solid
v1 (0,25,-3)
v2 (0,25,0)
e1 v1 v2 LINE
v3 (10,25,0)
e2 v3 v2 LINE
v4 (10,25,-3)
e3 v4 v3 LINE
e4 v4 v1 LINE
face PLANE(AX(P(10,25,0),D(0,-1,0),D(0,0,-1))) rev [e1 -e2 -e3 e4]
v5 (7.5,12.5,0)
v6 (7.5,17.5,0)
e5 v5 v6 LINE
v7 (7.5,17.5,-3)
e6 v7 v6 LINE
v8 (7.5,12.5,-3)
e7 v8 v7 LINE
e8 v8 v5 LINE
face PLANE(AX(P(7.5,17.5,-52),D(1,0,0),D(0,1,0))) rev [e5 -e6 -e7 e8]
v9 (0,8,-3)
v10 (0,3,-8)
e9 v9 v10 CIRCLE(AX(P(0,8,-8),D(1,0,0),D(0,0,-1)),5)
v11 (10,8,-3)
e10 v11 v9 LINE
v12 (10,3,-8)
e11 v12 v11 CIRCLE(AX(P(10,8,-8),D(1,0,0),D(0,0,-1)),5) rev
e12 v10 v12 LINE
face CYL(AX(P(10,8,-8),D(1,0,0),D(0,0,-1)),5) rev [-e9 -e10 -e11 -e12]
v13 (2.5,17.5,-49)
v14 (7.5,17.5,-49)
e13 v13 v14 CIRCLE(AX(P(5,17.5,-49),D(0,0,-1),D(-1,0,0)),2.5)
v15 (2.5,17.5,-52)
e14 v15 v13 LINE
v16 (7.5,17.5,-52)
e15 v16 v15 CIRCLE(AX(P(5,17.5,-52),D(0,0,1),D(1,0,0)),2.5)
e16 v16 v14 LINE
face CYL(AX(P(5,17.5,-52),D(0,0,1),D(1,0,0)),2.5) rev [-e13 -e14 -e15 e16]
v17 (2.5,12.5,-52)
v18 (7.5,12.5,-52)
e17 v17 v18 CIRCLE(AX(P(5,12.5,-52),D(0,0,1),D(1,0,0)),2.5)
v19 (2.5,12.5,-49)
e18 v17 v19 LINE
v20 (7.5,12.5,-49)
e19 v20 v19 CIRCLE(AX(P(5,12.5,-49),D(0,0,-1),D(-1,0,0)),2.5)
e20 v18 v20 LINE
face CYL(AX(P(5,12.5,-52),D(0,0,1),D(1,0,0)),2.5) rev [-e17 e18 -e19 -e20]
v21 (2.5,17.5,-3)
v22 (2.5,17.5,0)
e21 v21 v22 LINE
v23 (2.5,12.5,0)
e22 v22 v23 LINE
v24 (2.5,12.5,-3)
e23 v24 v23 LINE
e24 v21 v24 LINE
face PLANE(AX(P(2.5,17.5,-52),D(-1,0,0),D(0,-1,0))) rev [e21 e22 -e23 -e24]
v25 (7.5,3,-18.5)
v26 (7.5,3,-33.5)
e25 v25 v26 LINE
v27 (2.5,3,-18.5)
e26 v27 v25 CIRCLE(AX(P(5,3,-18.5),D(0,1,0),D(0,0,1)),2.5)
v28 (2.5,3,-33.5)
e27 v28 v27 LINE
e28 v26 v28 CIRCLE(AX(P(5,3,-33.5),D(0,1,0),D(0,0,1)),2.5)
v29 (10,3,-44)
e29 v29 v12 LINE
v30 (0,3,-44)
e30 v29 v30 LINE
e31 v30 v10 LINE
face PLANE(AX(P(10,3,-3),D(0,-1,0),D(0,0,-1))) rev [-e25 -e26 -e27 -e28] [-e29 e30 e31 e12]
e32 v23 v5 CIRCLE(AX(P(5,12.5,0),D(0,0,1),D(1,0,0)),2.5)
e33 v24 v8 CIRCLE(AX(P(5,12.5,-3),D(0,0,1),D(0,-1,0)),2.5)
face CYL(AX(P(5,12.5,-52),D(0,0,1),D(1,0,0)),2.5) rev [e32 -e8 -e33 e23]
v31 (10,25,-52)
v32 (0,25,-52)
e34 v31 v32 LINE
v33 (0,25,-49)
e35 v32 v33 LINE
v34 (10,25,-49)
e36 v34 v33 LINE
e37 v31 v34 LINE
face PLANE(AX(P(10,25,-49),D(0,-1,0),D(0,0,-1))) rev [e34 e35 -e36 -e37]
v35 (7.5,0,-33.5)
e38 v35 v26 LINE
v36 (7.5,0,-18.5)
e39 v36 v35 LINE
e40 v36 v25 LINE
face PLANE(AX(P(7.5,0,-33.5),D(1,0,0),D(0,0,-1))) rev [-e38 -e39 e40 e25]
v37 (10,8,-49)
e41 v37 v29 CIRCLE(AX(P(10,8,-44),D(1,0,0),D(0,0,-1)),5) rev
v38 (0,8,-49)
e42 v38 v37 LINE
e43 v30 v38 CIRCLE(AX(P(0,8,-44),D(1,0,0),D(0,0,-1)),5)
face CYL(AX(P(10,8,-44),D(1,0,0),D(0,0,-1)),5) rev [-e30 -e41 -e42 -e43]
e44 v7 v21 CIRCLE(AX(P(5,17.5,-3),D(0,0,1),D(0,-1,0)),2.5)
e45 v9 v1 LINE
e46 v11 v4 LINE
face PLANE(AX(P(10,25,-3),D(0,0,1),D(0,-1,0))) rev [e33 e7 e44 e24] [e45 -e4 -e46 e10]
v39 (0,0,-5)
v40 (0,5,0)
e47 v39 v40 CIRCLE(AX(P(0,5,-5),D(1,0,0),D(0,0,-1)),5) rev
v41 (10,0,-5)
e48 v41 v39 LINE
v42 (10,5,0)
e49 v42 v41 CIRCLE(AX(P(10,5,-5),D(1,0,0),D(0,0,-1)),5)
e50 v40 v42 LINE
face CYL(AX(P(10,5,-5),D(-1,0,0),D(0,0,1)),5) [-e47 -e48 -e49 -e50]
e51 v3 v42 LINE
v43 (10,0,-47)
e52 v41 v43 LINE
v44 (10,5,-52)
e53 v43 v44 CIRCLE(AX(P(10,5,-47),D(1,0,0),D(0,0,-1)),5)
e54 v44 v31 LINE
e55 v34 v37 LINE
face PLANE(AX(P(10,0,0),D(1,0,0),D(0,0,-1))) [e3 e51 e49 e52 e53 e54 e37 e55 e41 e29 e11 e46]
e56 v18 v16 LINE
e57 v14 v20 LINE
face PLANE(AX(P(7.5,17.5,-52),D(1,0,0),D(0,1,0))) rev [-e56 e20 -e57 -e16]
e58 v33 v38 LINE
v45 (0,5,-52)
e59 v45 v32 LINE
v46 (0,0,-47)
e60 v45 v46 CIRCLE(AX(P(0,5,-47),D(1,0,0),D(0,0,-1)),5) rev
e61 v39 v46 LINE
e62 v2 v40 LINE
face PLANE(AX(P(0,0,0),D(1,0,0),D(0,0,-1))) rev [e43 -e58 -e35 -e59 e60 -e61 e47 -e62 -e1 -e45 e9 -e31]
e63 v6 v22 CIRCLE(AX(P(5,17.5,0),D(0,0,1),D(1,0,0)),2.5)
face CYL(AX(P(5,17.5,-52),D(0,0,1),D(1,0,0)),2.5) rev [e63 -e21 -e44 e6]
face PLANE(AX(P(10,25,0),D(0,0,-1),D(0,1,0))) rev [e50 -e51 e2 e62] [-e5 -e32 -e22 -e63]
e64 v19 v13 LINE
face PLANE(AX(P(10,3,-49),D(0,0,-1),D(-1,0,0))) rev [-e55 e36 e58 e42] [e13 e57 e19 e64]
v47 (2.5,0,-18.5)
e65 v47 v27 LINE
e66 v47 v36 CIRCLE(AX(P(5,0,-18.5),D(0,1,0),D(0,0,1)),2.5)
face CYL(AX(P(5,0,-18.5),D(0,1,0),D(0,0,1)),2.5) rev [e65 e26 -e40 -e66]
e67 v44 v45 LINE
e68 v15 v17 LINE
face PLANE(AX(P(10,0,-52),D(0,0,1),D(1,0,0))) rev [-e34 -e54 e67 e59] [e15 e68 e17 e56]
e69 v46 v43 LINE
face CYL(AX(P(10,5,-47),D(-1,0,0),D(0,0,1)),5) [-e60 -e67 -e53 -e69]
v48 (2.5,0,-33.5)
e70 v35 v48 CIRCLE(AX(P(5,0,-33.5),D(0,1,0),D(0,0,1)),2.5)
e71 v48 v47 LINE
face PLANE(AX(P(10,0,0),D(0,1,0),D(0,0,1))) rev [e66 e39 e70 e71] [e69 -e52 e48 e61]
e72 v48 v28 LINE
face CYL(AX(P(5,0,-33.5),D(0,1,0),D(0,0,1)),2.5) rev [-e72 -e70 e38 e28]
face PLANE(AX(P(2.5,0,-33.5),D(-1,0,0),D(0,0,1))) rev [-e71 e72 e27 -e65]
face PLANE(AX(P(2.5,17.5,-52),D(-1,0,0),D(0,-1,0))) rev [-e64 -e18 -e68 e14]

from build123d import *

# Parameters (mm, degrees)
EXTRUDE_1_DEPTH     = 10
FILLET_1_R          = 5
CUT_EXTRUDE_1_DEPTH = 58.341084747
CUT_EXTRUDE_2_DEPTH = 59.557663888


with BuildPart() as part:
    # 草图1 → 凸台-拉伸1 (new body)
    with BuildSketch(Plane(origin=(0, 0, 0), x_dir=(0, 0, -1), z_dir=(1, 0, 0))):
        Polygon((0, 0), (52, 0), (52, 25), (49, 25), (49, 3), (3, 3), (3, 25), (0, 25), align=None)
    extrude(amount=EXTRUDE_1_DEPTH)

    # 圆角1
    fillet_1_edges = [part.edges().sort_by_distance(p)[0] for p in [
        (5, 3, -3),
        (5, 3, -49),
        (5, 0, -52),
        (5, 0, 0),
    ]]
    fillet(fillet_1_edges, radius=FILLET_1_R)

    # 草图2 → 切除-拉伸1 (cut, through all)
    with BuildSketch(Plane(origin=(0, 3, 0), x_dir=(1, 0, 0), z_dir=(0, 1, 0))):
        with BuildLine():
            Line((7.5, 33.5), (7.5, 18.5))
            ThreePointArc((7.5, 18.5), (5, 16), (2.5, 18.5))
            Line((2.5, 18.5), (2.5, 33.5))
            ThreePointArc((2.5, 33.5), (5, 36), (7.5, 33.5))
        make_face()
    extrude(amount=-CUT_EXTRUDE_1_DEPTH, mode=Mode.SUBTRACT)

    # 草图3 → 切除-拉伸2 (cut, through all)
    with BuildSketch(Plane.XY):
        with BuildLine():
            Line((7.5, 17.5), (7.5, 12.5))
            ThreePointArc((7.5, 12.5), (5, 10), (2.5, 12.5))
            Line((2.5, 12.5), (2.5, 17.5))
            ThreePointArc((2.5, 17.5), (5, 20), (7.5, 17.5))
        make_face()
    extrude(amount=-CUT_EXTRUDE_2_DEPTH, mode=Mode.SUBTRACT)


solid = part.part
